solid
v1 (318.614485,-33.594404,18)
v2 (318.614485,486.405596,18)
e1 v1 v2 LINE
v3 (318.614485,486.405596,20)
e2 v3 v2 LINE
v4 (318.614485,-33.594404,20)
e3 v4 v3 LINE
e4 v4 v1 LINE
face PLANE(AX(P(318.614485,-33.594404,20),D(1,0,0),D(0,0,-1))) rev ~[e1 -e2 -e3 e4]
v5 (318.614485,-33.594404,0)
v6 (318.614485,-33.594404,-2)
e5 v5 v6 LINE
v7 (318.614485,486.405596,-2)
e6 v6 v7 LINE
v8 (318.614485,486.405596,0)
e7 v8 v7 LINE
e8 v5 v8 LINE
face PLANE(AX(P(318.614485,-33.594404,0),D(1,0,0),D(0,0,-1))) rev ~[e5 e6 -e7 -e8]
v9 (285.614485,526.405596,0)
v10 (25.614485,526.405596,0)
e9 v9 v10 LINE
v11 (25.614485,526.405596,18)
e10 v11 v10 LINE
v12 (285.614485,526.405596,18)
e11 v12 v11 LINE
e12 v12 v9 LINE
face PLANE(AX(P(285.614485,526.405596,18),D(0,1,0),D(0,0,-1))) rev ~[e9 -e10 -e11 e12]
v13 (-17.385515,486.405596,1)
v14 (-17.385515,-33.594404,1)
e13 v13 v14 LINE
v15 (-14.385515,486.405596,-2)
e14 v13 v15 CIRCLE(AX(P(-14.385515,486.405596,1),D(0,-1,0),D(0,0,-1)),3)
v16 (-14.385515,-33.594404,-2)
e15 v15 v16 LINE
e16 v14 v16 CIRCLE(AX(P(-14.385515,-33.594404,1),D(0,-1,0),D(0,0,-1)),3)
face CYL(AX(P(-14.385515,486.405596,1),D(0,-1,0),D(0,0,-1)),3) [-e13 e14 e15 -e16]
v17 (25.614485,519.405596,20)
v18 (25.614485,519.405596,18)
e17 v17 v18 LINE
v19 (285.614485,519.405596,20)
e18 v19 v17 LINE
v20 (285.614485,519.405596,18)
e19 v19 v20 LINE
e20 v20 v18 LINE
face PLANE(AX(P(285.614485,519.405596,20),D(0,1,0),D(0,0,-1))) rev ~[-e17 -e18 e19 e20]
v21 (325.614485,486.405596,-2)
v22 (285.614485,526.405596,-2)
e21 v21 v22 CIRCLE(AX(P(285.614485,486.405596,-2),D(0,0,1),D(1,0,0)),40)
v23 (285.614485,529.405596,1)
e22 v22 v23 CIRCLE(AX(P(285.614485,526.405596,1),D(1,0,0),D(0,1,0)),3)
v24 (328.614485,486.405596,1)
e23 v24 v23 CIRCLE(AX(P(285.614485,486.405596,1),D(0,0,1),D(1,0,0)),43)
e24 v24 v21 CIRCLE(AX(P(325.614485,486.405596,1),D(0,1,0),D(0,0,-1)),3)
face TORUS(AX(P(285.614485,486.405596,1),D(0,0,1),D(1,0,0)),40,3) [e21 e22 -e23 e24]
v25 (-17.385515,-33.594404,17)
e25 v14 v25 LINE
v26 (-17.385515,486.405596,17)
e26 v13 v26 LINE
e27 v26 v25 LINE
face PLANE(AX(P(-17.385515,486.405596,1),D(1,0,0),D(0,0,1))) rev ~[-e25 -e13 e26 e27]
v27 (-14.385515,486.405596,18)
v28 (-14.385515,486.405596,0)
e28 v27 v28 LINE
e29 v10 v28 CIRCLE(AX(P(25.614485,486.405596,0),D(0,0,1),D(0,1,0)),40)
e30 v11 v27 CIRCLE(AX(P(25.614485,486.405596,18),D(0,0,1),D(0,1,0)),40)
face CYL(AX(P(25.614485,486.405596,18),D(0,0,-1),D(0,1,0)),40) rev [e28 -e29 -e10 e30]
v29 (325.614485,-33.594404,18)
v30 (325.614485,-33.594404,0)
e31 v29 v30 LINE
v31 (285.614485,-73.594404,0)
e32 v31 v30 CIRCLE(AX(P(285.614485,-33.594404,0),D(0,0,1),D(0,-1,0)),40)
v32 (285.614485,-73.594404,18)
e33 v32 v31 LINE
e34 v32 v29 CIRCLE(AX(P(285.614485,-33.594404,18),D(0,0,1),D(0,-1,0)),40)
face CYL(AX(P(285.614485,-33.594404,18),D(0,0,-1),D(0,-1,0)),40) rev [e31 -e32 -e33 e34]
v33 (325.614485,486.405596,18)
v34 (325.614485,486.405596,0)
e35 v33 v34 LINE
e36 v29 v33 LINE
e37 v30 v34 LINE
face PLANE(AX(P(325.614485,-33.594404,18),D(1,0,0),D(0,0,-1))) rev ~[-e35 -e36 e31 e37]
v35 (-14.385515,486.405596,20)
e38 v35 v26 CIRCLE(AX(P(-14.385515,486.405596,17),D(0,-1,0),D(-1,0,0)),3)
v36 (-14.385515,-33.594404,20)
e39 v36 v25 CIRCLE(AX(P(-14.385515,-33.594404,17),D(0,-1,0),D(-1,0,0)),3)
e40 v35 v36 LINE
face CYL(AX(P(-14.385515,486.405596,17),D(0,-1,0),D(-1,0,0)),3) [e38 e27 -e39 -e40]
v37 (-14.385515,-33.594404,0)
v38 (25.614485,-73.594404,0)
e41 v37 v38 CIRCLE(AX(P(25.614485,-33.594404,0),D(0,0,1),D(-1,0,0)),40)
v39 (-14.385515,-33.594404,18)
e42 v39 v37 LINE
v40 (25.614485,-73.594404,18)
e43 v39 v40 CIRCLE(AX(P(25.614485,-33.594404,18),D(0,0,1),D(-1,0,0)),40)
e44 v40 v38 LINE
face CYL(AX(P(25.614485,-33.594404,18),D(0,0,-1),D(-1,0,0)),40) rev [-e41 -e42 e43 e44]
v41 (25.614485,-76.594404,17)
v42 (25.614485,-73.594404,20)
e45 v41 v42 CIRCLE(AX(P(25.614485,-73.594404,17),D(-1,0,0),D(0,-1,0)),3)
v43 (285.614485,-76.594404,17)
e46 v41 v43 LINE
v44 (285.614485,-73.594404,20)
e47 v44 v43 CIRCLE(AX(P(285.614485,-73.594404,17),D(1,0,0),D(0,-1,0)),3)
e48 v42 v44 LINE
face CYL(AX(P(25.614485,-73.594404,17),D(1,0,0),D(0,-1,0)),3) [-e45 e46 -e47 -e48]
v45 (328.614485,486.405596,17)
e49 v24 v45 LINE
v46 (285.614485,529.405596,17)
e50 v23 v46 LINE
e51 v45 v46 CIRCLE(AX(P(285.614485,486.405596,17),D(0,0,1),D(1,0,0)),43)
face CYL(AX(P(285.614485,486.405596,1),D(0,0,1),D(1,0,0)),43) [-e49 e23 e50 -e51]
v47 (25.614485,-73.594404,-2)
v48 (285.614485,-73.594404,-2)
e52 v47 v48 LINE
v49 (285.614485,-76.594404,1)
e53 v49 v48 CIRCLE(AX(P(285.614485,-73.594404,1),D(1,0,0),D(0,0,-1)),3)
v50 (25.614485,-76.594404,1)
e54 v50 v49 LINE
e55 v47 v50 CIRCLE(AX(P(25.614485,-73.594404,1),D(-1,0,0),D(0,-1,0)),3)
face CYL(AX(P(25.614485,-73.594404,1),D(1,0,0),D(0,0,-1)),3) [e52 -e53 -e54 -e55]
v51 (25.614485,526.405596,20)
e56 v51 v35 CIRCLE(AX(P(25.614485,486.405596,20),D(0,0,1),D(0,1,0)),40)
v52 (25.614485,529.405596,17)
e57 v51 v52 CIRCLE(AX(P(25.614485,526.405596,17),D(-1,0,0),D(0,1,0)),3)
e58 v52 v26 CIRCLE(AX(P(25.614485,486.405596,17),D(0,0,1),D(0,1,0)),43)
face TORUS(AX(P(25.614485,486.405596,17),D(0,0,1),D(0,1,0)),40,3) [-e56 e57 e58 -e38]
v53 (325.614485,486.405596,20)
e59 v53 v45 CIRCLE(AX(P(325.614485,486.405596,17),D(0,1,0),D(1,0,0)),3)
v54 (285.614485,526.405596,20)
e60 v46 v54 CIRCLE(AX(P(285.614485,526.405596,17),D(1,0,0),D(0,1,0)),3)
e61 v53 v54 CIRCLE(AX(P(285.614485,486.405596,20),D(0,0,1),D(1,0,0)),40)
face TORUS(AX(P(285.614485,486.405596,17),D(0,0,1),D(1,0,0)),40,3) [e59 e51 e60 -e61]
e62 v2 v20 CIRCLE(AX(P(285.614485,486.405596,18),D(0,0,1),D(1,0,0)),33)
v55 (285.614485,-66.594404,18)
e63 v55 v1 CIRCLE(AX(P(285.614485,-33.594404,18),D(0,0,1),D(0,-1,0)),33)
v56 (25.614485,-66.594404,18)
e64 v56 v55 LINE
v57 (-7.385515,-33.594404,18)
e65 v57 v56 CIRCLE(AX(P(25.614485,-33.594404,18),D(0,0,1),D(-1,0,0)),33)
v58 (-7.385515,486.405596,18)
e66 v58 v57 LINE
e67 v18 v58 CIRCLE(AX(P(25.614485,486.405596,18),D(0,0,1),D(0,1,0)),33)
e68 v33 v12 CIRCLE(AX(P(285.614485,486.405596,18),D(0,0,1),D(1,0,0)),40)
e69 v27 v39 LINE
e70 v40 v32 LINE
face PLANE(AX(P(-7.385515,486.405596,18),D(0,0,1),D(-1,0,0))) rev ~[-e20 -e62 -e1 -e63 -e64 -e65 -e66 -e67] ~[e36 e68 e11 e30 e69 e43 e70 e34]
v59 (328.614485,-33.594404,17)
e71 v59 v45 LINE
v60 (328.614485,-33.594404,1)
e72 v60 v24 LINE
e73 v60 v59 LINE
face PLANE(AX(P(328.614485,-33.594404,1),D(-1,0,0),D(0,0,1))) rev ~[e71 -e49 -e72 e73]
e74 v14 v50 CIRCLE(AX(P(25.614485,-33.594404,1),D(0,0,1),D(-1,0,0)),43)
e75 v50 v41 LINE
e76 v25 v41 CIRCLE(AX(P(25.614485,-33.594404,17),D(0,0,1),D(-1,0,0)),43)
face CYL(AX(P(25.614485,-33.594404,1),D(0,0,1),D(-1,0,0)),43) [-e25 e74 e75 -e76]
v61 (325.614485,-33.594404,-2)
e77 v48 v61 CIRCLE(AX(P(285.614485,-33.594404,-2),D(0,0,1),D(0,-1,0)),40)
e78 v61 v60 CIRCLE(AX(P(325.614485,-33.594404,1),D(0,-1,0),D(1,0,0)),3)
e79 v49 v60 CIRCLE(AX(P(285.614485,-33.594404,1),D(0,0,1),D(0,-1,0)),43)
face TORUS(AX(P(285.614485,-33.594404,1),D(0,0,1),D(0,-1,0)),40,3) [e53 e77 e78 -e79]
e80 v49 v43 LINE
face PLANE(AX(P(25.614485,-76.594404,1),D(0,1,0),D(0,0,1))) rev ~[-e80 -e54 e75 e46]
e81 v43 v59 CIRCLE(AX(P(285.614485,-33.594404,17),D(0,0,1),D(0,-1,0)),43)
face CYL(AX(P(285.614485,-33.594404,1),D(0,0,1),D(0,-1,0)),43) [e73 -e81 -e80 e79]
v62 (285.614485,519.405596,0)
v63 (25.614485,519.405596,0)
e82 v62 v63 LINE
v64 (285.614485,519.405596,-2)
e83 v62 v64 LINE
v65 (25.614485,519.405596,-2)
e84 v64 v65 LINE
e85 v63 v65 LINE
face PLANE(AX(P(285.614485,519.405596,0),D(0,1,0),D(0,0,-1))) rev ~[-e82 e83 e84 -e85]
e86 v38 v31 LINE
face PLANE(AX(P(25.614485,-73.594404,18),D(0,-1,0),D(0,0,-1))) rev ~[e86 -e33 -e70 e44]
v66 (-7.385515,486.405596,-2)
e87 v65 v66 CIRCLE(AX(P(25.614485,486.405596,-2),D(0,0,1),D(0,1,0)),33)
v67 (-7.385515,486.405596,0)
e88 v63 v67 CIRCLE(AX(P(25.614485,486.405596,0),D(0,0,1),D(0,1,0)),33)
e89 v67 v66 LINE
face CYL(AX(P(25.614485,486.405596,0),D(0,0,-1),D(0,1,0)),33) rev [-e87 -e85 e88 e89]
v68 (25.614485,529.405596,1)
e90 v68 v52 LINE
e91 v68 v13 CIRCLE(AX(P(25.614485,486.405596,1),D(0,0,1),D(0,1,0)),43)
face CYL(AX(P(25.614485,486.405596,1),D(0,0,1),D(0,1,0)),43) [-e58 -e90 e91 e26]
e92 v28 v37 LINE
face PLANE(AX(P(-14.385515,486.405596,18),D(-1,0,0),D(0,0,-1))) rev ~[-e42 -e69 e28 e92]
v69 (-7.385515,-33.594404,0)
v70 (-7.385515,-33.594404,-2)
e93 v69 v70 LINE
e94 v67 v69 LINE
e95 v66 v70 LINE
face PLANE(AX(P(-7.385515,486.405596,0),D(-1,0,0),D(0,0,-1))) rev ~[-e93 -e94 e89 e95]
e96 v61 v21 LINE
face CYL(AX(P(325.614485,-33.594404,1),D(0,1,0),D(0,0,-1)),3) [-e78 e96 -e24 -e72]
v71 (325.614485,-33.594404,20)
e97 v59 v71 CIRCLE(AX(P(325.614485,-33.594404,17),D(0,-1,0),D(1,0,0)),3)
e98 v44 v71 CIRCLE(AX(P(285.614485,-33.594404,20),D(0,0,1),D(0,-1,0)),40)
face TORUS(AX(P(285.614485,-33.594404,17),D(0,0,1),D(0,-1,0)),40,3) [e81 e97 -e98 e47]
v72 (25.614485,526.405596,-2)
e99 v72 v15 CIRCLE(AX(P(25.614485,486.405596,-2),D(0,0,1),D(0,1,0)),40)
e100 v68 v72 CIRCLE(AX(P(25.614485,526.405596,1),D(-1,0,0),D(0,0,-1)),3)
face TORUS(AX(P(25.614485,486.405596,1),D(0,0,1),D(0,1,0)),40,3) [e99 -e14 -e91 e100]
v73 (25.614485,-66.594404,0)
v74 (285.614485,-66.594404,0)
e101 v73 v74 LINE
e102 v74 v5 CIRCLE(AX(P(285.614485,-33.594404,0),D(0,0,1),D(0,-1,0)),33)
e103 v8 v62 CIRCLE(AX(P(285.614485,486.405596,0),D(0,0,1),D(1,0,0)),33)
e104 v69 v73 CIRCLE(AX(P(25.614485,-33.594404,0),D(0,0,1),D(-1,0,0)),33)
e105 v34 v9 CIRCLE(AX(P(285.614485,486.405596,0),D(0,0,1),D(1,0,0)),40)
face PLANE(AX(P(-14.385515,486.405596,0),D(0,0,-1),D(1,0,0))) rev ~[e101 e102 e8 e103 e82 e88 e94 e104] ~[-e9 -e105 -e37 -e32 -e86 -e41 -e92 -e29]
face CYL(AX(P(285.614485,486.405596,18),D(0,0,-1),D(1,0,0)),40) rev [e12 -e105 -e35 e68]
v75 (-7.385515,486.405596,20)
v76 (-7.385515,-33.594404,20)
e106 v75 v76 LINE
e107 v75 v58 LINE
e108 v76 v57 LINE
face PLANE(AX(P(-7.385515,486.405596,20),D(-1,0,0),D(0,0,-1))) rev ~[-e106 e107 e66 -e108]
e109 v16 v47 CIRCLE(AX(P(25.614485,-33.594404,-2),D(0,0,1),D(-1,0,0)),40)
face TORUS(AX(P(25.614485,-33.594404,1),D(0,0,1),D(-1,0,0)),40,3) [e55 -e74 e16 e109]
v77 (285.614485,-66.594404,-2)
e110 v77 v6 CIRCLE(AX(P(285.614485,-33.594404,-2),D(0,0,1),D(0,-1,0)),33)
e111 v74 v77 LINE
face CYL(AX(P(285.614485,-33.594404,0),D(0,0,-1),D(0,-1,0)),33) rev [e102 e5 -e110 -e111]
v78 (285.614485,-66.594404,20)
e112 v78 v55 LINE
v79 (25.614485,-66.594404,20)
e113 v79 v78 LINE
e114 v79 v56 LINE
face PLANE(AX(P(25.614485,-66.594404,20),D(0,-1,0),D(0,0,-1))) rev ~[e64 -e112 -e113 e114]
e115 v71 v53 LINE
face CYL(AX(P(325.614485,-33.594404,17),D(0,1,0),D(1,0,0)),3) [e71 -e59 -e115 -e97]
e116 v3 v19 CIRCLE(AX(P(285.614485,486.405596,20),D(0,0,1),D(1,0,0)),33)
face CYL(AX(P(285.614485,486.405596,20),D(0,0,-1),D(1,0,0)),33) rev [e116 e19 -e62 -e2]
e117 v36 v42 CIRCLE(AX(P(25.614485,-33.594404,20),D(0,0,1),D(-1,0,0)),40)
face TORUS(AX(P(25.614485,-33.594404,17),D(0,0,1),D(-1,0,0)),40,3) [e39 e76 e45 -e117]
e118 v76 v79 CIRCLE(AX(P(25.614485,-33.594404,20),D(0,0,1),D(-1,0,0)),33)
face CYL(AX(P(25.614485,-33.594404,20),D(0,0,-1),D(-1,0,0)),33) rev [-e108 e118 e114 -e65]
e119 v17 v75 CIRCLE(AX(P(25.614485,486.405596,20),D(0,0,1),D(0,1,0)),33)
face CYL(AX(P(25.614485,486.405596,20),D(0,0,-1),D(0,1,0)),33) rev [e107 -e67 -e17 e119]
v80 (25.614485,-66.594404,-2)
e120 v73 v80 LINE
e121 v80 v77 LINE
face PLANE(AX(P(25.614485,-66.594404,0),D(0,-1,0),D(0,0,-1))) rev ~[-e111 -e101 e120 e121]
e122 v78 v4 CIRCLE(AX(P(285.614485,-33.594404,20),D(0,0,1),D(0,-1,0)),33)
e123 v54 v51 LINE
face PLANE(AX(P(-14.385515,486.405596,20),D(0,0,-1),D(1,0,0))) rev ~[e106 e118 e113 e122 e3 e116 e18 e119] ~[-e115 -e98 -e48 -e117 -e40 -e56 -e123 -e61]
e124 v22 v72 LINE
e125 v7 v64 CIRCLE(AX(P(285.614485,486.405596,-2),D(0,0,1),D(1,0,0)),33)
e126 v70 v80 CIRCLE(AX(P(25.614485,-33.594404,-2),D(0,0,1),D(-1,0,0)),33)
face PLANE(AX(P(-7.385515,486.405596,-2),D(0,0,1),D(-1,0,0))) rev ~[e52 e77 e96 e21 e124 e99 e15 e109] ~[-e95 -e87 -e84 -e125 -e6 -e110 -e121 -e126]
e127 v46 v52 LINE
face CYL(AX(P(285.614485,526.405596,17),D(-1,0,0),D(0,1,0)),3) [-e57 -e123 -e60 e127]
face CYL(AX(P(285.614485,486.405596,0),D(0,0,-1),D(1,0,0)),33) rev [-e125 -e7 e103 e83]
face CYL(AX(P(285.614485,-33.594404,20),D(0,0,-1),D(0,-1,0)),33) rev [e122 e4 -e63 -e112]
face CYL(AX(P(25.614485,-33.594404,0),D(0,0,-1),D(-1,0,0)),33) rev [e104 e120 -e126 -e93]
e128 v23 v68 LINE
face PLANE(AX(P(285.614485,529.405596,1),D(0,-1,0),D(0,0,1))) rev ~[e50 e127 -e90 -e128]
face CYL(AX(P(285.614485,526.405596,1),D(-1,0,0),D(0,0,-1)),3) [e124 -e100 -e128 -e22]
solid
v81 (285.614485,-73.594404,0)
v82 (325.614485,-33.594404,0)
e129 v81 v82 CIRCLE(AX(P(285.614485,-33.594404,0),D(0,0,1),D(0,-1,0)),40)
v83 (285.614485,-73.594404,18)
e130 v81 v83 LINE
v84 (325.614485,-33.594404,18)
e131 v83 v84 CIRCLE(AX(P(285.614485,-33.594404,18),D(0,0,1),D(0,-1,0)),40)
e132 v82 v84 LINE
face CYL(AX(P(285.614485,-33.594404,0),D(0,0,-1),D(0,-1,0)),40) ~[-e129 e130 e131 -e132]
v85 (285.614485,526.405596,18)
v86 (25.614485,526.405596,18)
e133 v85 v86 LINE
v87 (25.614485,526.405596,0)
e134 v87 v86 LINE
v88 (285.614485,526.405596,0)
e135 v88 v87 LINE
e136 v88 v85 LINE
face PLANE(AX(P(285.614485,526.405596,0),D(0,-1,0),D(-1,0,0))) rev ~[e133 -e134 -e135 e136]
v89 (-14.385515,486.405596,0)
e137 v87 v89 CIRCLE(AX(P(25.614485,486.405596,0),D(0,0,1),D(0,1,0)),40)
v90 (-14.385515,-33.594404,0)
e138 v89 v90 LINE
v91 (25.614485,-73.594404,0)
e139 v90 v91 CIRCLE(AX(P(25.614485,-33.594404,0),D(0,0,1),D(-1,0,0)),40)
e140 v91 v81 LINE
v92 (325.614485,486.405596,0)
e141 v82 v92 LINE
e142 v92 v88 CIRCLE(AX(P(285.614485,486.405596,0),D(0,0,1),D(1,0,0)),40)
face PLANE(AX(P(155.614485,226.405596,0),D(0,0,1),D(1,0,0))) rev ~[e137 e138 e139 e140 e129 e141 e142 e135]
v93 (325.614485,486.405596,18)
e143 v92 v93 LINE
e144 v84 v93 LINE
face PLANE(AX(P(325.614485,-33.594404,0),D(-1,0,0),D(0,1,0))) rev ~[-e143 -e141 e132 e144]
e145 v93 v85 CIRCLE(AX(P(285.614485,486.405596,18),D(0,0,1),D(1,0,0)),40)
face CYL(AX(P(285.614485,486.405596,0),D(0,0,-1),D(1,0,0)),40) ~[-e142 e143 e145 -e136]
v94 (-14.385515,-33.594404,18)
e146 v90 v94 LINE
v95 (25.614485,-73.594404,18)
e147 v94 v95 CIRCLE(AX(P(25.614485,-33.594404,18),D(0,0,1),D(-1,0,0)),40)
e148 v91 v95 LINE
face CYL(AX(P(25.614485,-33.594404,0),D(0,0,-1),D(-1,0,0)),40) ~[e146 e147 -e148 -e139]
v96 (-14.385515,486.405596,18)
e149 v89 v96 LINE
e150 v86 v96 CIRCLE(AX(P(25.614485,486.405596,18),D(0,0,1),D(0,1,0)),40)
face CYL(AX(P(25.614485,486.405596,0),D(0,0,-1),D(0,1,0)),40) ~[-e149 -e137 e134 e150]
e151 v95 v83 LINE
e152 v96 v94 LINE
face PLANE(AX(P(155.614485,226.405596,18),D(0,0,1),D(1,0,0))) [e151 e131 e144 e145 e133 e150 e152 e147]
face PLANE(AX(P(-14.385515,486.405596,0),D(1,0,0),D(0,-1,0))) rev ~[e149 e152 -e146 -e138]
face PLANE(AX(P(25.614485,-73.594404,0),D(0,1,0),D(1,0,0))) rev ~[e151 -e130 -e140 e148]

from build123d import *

# Parameters (mm, degrees)
F1_DEPTH = 18


with BuildPart() as f1:
    # F0 (on Top) → F1 (new body)
    with BuildSketch(Plane.XY):
        with BuildLine():
            Line((25.6144847721, -73.5944040664), (285.6144847721, -73.5944040664))
            ThreePointArc((285.6144847721, -73.5944040664), (313.8987560195, -61.8786753139), (325.6144847721, -33.5944040664))
            Line((325.6144847721, -33.5944040664), (325.6144847721, 486.4055959336))
            ThreePointArc((325.6144847721, 486.4055959336), (313.8987560195, 514.6898671811), (285.6144847721, 526.4055959336))
            Line((285.6144847721, 526.4055959336), (25.6144847721, 526.4055959336))
            ThreePointArc((25.6144847721, 526.4055959336), (-2.6697864754, 514.6898671811), (-14.3855152279, 486.4055959336))
            Line((-14.3855152279, 486.4055959336), (-14.3855152279, -33.5944040664))
            ThreePointArc((-14.3855152279, -33.5944040664), (-2.6697864754, -61.8786753139), (25.6144847721, -73.5944040664))
        make_face()
    extrude(amount=F1_DEPTH)


with BuildPart() as f4:
    # F4: sweep along a path in F4_path
    with BuildLine(Plane(origin=(-14.3855152279, 486.4055959336, 18), x_dir=(0, 1, 0), z_dir=(0, 0, 1))) as f4_path:
        Line((0, 0), (-520, 0))
        ThreePointArc((-520, 0), (-548.2842712475, -11.7157287525), (-560, -40))
        Line((-560, -40), (-560, -300))
        ThreePointArc((-560, -300), (-548.2842712475, -328.2842712475), (-520, -340))
        Line((-520, -340), (0, -340))
        ThreePointArc((0, -340), (28.2842712475, -328.2842712475), (40, -300))
        Line((40, -300), (40, -40))
        ThreePointArc((40, -40), (28.2842712475, -11.7157287525), (0, 0))
    # F3 (on 3pt) → F4 (sweep)
    with BuildSketch(Plane(origin=(0, -33.5944040664, 0), x_dir=(-1, 0, 0), z_dir=(0, 1, 0))):
        with BuildLine():
            Line((7.3855152279, 18), (14.3855152279, 18))
            Line((14.3855152279, 18), (14.3855152279, 0))
            Line((14.3855152279, 0), (7.3855152279, 0))
            Line((7.3855152279, 0), (7.3855152279, -2))
            Line((7.3855152279, -2), (14.3855152279, -2))
            ThreePointArc((14.3855152279, -2), (16.5068355715, -1.1213203436), (17.3855152279, 1))
            Line((17.3855152279, 1), (17.3855152279, 17))
            ThreePointArc((17.3855152279, 17), (16.5068355715, 19.1213203436), (14.3855152279, 20))
            Line((14.3855152279, 20), (7.3855152279, 20))
            Line((7.3855152279, 20), (7.3855152279, 18))
        make_face()
    sweep(path=f4_path.line)


solid = Compound([f1.part, f4.part])
